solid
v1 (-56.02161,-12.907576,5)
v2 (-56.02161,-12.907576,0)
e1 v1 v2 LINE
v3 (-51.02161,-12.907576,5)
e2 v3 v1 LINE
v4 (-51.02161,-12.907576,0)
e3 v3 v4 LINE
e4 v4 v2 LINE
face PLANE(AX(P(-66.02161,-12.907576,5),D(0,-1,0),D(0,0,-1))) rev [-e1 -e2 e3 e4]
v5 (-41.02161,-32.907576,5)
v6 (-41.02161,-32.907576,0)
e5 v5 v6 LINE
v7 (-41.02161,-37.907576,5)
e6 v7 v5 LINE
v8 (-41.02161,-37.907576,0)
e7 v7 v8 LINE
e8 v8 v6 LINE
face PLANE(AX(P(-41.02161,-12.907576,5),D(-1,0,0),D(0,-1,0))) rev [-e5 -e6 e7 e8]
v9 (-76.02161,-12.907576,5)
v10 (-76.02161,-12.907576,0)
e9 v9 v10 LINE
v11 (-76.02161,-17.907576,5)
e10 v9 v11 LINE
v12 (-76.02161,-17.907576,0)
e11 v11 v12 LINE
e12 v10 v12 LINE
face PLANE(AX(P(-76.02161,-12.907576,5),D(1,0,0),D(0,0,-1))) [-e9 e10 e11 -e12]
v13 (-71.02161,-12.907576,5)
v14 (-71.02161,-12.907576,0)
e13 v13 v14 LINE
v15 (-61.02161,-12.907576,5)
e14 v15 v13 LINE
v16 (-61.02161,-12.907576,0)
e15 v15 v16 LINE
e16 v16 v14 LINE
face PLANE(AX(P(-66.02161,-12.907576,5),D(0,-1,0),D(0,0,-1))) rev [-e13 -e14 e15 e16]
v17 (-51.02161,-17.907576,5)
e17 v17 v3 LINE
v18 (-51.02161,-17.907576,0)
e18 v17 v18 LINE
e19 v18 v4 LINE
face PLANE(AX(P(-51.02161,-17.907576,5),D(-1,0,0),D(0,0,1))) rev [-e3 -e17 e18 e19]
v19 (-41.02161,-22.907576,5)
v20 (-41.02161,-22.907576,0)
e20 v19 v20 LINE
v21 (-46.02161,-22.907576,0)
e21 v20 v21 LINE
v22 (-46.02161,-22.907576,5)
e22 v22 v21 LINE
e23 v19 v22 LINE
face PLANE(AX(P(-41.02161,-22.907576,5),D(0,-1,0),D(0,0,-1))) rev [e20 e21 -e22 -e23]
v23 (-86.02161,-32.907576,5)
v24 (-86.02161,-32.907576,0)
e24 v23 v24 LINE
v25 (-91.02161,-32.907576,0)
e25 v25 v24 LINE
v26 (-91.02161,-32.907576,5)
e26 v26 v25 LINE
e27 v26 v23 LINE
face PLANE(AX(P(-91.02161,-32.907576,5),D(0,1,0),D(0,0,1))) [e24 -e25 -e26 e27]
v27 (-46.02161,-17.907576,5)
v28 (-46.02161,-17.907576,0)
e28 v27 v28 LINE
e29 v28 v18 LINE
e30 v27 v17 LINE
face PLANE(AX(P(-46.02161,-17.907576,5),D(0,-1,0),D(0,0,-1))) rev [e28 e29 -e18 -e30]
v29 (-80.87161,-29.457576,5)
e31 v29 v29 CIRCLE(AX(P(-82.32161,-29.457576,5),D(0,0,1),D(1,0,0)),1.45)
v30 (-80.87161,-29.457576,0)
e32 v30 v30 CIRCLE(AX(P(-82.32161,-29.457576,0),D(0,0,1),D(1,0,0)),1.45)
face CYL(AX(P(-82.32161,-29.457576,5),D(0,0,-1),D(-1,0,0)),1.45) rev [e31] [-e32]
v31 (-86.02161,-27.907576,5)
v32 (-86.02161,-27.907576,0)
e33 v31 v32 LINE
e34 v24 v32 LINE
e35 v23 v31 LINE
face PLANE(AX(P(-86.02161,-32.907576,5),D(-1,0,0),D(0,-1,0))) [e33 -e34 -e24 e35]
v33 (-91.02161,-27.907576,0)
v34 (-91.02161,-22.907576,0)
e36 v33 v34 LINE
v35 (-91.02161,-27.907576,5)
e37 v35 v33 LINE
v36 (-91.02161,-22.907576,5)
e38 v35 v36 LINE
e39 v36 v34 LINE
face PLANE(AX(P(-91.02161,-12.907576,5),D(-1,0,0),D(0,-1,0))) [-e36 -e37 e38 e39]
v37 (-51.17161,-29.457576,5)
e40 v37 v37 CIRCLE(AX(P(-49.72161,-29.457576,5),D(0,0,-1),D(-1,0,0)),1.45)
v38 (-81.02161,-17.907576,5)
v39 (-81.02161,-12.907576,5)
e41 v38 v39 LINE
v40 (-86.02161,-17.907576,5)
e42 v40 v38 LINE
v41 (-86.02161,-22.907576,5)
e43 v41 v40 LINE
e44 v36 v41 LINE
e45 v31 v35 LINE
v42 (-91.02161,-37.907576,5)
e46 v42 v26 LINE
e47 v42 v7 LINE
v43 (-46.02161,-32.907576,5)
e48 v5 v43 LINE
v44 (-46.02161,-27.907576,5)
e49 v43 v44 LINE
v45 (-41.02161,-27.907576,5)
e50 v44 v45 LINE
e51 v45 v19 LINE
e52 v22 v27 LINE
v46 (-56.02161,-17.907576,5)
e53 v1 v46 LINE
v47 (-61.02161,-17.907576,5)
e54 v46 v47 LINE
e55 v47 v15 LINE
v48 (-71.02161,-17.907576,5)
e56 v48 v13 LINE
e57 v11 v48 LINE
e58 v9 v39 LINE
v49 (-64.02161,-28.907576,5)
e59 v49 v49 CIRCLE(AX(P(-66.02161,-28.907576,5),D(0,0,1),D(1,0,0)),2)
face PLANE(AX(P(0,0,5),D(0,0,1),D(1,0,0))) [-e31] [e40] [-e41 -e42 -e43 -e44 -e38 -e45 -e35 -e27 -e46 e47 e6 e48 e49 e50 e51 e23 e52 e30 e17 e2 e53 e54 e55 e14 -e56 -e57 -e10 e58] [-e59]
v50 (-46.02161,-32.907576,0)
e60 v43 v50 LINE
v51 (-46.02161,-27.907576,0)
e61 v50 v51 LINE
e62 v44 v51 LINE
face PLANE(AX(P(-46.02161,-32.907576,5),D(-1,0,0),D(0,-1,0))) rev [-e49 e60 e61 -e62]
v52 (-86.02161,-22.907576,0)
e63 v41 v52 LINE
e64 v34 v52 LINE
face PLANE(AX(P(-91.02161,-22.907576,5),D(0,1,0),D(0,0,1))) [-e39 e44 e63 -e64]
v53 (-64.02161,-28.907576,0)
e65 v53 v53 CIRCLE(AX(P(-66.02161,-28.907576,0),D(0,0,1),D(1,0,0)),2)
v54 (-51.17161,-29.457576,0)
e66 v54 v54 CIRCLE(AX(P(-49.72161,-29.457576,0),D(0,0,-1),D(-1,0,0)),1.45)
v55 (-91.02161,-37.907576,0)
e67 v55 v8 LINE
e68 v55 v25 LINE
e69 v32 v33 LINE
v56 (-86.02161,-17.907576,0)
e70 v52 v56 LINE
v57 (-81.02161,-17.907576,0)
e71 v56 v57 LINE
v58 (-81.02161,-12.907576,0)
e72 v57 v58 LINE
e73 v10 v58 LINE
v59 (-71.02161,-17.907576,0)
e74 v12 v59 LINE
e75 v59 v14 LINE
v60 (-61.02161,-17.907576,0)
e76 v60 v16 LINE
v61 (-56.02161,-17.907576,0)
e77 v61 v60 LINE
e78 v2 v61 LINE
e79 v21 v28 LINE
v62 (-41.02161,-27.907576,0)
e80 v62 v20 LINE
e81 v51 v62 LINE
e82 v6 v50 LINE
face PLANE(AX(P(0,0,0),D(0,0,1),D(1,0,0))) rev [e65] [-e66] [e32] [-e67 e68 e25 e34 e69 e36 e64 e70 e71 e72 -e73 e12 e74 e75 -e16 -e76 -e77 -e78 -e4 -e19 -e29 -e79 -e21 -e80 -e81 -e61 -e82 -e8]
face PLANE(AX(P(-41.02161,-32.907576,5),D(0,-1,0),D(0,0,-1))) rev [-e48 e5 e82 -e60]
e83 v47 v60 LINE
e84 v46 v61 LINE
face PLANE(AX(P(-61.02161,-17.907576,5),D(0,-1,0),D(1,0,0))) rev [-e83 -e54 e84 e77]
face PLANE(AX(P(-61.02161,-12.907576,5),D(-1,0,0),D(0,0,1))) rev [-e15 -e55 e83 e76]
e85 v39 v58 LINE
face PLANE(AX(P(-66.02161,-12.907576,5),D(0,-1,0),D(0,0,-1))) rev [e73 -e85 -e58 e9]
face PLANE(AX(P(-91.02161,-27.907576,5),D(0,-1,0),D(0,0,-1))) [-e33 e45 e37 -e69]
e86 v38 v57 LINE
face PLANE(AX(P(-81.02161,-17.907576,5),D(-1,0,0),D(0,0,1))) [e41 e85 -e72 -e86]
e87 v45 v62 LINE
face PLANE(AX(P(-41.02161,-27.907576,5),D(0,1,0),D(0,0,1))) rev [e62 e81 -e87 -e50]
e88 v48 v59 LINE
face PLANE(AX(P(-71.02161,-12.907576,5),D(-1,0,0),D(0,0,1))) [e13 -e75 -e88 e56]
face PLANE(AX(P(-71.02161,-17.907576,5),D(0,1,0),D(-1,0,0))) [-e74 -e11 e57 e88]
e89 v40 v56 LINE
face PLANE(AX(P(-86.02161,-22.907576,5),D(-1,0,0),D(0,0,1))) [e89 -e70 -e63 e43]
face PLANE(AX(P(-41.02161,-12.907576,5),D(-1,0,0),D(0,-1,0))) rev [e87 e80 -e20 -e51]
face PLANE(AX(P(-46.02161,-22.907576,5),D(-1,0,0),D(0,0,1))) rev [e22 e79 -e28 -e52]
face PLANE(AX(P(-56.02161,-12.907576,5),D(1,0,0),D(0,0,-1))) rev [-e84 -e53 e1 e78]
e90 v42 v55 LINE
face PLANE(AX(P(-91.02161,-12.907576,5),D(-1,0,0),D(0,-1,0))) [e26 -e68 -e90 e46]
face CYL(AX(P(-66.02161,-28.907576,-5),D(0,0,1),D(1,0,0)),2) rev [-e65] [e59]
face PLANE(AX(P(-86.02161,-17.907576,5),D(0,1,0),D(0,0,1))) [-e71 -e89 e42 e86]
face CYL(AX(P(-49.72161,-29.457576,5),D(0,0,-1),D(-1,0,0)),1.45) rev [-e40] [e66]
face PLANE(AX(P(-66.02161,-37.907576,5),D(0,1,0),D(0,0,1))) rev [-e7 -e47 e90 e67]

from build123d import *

# Parameters (mm, degrees)
ESQUISSE1_W             = 25
ESQUISSE1_H             = 25
BOSS_EXTRU_1_DEPTH      = 5
ESQUISSE3_R             = 1.45
ESQUISSE3_W             = 5
ESQUISSE3_H             = 5
ENL_V_MAT_EXTRU_1_DEPTH = 5
ESQUISSE5_R             = 2
ENL_V_MAT_EXTRU_2_DEPTH = 10


with BuildPart() as part:
    # Esquisse1 → Boss.-Extru.1 (new body)
    with BuildSketch(Plane.XY):
        with Locations((-53.521610088, -25.407575758)):
            Rectangle(ESQUISSE1_W, ESQUISSE1_H)
    boss_extru_1 = extrude(amount=BOSS_EXTRU_1_DEPTH)

    # Esquisse3 → Enlèv. mat.-Extru.1 (cut)
    with BuildSketch(Plane(origin=(0, 0, 0), x_dir=(-1, 0, 0), z_dir=(0, 0, -1))):
        with Locations((49.721610088, -29.457575758)):
            Circle(ESQUISSE3_R)
        Polygon((46.021610088, -22.907575758), (46.021610088, -17.907575758), (51.021610088, -17.907575758), (51.021610088, -12.907575758), (41.021610088, -12.907575758), (41.021610088, -22.907575758), align=None)
        with Locations((43.521610088, -30.407575758)):
            Rectangle(ESQUISSE3_W, ESQUISSE3_H)
        with Locations((58.521610088, -15.407575758)):
            Rectangle(ESQUISSE3_W, ESQUISSE3_H)
    enl_v_mat_extru_1 = extrude(amount=-ENL_V_MAT_EXTRU_1_DEPTH, mode=Mode.SUBTRACT)

    # Symétrie1: Boss.-Extru.1, Enlèv. mat.-Extru.1 across plane
    add(boss_extru_1.mirror(Plane(origin=(-66.021610088, -12.907575758, 5), x_dir=(0, 0, 1), z_dir=(1, 0, 0))))
    add(enl_v_mat_extru_1.mirror(Plane(origin=(-66.021610088, -12.907575758, 5), x_dir=(0, 0, 1), z_dir=(1, 0, 0))), mode=Mode.SUBTRACT)

    # Esquisse5 → Enlèv. mat.-Extru.2 (cut)
    with BuildSketch(Plane.XY.offset(5)):
        with Locations((-66.021610088, -28.907575758)):
            Circle(ESQUISSE5_R)
    extrude(amount=-ENL_V_MAT_EXTRU_2_DEPTH, mode=Mode.SUBTRACT)


solid = part.part
